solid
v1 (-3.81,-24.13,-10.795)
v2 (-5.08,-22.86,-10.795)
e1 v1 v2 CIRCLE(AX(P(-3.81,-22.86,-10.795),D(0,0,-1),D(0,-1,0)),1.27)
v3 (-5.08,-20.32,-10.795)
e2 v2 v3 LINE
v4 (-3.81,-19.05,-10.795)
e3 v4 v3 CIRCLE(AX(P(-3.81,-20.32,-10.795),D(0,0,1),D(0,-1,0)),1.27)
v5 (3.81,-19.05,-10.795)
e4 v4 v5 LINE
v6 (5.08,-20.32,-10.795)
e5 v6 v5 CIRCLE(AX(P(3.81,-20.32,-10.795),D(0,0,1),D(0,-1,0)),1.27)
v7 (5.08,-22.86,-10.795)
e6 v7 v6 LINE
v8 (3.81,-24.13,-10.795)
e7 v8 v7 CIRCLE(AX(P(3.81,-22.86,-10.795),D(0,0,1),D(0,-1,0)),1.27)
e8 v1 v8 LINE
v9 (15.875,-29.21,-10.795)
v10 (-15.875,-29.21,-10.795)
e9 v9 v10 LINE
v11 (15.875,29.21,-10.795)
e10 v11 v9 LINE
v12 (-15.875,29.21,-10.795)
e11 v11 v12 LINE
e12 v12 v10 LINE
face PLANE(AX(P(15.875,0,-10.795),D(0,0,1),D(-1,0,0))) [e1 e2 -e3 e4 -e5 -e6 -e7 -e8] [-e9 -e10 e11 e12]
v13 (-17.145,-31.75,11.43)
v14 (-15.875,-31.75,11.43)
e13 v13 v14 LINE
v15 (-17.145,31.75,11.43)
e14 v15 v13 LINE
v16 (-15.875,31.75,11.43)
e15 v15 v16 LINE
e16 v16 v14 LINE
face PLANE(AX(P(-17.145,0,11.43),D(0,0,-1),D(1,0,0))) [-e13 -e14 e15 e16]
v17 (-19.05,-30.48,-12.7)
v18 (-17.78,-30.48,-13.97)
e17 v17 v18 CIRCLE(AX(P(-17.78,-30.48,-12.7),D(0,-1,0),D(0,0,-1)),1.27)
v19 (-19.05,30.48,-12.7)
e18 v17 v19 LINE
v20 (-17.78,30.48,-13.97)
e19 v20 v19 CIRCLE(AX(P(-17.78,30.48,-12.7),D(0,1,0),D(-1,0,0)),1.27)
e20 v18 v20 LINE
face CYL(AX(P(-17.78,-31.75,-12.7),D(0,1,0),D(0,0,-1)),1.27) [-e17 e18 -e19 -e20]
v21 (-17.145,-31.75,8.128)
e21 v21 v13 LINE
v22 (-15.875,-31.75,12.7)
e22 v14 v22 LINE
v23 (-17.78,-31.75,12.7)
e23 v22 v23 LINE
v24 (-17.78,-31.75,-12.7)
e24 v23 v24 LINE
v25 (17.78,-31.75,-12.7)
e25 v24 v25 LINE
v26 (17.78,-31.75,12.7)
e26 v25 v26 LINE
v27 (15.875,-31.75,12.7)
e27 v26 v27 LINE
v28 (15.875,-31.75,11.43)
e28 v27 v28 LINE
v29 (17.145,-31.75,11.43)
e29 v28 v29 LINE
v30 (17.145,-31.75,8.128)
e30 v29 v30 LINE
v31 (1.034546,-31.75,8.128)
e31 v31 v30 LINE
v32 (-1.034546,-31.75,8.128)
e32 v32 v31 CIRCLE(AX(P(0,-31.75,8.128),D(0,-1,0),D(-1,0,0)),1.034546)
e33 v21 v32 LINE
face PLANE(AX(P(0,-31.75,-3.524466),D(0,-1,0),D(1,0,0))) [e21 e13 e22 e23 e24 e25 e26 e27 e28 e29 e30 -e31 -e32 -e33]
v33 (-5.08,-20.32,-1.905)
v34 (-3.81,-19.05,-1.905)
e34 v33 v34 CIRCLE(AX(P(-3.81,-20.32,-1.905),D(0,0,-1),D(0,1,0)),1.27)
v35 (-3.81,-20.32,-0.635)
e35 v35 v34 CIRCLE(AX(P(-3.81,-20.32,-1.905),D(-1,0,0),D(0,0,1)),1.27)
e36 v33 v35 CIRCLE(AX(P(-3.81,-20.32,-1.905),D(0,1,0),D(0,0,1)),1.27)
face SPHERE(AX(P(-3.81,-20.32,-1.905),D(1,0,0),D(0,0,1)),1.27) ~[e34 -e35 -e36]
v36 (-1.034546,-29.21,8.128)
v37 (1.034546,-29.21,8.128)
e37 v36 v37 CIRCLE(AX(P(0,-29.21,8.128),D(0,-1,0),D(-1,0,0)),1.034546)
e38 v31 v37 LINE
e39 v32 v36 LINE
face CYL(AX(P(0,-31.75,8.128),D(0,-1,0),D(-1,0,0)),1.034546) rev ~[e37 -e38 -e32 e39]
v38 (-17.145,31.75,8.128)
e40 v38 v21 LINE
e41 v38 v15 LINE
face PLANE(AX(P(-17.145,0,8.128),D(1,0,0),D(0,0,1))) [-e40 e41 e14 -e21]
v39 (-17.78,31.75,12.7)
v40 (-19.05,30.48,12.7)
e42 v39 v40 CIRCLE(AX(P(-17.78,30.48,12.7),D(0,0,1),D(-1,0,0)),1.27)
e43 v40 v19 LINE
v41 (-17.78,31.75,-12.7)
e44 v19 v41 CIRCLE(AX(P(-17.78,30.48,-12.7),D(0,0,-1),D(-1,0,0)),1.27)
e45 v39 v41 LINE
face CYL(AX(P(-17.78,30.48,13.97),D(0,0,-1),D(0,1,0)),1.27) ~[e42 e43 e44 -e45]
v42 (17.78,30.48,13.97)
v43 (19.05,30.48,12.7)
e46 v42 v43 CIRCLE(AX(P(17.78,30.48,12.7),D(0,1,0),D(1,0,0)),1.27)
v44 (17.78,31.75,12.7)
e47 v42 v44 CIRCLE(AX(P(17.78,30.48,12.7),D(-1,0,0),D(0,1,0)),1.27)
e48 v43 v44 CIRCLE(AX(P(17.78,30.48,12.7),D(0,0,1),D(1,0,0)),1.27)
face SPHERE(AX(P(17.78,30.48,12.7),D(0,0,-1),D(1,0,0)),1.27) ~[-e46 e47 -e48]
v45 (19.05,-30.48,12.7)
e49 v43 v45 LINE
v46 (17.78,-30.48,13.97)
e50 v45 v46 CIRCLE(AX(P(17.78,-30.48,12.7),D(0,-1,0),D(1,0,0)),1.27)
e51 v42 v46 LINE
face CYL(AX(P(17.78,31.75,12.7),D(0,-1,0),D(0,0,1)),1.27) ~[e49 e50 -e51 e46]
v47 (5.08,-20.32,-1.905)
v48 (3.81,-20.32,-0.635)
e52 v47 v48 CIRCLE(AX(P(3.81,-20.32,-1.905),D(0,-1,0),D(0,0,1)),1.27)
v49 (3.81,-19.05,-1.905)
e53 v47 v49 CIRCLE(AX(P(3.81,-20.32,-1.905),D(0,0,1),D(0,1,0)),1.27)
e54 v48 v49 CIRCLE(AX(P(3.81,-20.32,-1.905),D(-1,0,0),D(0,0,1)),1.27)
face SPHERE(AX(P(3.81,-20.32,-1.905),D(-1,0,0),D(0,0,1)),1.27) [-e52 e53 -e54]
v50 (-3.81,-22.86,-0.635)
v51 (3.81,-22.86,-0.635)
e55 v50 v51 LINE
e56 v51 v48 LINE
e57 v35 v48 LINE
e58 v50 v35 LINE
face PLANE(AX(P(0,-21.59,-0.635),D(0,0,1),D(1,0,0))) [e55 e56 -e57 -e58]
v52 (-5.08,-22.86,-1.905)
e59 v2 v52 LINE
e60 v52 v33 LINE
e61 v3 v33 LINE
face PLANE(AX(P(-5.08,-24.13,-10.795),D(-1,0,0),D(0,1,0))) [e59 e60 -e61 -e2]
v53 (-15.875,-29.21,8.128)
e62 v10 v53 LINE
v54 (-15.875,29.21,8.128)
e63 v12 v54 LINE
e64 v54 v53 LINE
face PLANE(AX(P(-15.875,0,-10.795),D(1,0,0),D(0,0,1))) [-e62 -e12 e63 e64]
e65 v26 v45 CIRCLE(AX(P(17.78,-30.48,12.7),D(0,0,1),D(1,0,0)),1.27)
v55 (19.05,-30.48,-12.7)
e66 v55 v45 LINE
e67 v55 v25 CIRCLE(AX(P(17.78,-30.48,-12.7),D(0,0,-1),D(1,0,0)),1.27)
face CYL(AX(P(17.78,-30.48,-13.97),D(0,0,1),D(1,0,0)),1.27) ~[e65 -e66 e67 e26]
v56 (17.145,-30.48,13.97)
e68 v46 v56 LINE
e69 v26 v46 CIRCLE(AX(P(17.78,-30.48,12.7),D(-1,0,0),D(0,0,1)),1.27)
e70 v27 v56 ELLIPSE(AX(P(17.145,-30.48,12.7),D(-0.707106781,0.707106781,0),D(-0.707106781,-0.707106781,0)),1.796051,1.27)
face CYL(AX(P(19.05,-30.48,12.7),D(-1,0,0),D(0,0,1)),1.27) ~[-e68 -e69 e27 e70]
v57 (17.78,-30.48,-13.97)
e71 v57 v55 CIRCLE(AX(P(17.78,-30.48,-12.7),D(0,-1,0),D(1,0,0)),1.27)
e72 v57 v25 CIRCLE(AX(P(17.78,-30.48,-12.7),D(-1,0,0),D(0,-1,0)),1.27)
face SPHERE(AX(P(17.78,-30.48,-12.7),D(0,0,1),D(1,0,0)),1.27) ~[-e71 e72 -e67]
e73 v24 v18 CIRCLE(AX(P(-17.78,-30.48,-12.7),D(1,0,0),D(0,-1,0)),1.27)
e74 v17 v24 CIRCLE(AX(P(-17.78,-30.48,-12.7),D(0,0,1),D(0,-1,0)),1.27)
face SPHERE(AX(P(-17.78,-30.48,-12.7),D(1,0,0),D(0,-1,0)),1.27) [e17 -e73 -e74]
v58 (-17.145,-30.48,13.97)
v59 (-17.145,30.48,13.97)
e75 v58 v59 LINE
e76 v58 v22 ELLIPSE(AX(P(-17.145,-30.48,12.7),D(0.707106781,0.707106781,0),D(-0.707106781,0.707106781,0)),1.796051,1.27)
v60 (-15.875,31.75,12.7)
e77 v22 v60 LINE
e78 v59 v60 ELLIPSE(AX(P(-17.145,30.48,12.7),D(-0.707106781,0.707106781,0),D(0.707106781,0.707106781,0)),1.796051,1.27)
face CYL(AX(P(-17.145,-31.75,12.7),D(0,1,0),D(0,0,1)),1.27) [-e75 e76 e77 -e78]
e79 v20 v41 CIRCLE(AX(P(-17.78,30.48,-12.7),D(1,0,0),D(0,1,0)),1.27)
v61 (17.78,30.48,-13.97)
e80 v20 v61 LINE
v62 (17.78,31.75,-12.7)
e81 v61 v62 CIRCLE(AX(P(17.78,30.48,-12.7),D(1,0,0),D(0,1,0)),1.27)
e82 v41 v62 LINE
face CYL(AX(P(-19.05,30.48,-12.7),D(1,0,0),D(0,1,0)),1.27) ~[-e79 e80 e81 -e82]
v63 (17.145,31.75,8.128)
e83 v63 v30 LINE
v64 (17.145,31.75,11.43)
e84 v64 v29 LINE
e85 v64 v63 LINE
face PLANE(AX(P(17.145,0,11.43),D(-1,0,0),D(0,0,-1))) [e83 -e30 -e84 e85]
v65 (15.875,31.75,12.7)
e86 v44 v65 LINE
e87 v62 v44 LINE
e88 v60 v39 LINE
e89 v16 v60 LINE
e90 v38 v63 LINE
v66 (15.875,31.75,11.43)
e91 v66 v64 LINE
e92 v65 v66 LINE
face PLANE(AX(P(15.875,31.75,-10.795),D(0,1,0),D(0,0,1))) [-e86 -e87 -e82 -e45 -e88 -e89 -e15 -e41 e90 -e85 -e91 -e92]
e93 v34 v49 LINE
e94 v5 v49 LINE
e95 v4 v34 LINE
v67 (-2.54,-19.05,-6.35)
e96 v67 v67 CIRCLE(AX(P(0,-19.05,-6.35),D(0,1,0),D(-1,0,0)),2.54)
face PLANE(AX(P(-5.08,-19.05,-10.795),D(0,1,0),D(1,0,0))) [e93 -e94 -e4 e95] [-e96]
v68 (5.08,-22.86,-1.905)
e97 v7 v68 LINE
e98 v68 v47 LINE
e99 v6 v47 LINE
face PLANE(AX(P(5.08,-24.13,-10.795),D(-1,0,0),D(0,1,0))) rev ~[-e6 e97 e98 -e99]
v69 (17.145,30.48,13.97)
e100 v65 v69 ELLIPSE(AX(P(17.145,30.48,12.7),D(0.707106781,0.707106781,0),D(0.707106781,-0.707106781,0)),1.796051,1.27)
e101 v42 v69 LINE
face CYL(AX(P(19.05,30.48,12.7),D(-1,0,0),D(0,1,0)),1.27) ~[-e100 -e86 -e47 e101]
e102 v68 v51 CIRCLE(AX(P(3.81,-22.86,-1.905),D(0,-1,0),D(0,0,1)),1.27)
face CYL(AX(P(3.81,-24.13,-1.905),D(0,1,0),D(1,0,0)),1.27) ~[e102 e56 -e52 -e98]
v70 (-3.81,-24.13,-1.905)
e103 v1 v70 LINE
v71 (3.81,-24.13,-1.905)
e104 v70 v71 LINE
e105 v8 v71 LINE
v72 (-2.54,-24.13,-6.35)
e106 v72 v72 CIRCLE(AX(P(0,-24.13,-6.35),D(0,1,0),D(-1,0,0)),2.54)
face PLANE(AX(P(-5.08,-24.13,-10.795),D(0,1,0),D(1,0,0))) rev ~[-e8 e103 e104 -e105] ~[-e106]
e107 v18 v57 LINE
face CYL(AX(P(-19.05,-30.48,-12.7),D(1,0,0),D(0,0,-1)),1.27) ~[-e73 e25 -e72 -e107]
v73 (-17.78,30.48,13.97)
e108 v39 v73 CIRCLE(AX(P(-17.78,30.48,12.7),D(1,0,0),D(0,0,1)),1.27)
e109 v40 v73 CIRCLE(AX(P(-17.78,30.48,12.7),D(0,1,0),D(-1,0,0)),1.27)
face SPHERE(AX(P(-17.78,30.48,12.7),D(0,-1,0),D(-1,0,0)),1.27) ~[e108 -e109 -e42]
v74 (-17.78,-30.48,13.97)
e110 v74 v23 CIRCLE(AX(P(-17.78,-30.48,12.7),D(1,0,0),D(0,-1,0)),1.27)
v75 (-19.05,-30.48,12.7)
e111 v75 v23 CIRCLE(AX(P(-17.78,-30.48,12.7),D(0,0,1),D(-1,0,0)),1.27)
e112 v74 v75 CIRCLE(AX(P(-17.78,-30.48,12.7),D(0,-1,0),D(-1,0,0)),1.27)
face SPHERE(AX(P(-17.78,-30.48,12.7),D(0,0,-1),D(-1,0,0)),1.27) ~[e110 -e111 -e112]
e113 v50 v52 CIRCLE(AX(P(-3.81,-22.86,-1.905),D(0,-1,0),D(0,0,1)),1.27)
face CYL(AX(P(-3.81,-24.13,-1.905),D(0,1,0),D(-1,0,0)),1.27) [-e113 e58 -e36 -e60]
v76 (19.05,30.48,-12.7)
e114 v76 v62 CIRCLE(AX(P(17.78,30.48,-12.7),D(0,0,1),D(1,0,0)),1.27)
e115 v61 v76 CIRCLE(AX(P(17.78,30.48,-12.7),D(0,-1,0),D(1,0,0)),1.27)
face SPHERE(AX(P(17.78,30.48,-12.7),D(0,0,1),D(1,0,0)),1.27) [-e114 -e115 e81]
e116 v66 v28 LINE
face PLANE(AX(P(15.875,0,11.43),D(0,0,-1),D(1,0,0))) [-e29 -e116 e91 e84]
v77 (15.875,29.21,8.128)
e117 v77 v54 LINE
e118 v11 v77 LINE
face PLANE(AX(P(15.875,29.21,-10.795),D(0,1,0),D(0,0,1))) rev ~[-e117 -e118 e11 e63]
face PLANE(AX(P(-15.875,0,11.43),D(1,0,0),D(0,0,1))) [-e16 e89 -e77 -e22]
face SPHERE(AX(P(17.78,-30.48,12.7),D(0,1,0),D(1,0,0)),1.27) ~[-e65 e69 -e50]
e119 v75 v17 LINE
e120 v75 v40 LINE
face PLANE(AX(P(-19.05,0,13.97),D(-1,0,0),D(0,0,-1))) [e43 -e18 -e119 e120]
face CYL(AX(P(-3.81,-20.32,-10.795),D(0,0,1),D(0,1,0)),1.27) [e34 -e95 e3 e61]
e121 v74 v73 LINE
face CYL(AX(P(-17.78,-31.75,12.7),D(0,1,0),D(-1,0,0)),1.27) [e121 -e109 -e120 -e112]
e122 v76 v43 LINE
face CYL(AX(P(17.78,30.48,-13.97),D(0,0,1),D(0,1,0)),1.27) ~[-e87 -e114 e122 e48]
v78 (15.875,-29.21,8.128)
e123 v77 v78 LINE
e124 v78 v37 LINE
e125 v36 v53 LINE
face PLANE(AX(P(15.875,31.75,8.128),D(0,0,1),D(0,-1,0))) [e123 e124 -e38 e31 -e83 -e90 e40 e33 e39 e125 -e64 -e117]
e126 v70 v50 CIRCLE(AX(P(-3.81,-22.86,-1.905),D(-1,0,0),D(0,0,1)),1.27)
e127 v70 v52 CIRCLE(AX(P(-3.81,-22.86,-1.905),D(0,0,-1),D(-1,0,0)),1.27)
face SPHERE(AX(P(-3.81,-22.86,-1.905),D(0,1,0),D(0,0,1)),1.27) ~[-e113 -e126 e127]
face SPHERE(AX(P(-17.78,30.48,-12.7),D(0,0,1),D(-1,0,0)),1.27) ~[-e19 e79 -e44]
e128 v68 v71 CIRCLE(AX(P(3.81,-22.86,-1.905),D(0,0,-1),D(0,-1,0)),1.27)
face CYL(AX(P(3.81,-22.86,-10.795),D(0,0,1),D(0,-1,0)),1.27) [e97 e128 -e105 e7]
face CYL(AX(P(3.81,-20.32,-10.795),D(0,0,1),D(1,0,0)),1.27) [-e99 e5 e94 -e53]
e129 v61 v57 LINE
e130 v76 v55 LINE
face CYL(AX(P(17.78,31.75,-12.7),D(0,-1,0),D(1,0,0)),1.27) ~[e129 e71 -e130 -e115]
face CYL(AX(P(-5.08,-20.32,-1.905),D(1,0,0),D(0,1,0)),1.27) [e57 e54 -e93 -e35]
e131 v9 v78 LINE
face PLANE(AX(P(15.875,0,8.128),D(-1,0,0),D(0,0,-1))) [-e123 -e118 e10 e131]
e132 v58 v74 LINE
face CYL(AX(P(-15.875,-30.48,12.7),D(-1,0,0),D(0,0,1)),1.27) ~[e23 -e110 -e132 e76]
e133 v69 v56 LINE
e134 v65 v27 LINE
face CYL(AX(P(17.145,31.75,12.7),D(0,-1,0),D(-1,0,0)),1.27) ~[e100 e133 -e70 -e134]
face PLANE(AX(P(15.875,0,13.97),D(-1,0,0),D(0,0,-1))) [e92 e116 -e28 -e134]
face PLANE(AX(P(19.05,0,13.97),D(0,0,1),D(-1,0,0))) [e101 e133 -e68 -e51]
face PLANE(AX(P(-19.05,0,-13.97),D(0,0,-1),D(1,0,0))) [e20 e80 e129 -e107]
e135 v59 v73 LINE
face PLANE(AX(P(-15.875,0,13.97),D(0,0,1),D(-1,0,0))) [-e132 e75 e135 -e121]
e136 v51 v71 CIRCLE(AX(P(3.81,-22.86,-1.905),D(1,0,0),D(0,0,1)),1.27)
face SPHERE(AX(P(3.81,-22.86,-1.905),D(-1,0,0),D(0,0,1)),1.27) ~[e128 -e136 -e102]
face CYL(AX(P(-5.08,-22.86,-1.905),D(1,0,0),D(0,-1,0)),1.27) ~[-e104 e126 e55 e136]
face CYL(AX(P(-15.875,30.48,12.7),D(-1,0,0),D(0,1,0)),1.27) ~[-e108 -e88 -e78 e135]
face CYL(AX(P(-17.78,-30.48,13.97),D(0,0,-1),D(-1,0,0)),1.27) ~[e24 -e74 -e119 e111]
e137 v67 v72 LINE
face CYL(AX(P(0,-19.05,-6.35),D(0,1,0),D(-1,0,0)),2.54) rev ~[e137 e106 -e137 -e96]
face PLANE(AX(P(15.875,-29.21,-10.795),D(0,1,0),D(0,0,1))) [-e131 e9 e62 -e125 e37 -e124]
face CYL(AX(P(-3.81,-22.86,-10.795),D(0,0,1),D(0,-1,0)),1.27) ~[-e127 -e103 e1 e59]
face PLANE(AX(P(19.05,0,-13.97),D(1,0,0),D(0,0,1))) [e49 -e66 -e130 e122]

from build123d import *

# Parameters (mm, degrees)
F1_DEPTH  = 31.75
F2_W      = 2.54
F2_H      = 18.923
F3_DEPTH  = 31.75
F5_DEPTH  = 2.54
F6_W      = 10.16
F6_H      = 5.08
F7_DEPTH  = 10.16
F8_R      = 1.27
F9_R      = 2.54
F10_DEPTH = 5.08


with BuildPart() as f1:
    # F0 (on Front) → F1 (new body, symmetric)
    with BuildSketch(Plane.XZ):
        Polygon((-19.05, -13.97), (19.05, -13.97), (19.05, 13.97), (15.875, 13.97), (15.875, 11.43), (17.145, 11.43), (17.145, 8.128), (15.875, 8.128), (15.875, -10.795), (0, -10.795), (-15.875, -10.795), (-15.875, 8.128), (-17.145, 8.128), (-17.145, 11.43), (-15.875, 11.43), (-15.875, 13.97), (-19.05, 13.97), align=None)
    extrude(amount=F1_DEPTH, both=True)

    # F2 (on face) → F3 (join, through all)
    with BuildSketch(Plane(origin=(15.875, 0, 0), x_dir=(0, -1, 0), z_dir=(-1, 0, 0))):
        with Locations((-30.48, -1.3335)):
            Rectangle(F2_W, F2_H)
        with Locations((30.48, -1.3335)):
            Rectangle(F2_W, F2_H)
    extrude(amount=F3_DEPTH)

    # F4 (on face) → F5 (cut, through all)
    with BuildSketch(Plane.XZ.offset(31.75)):
        with BuildLine():
            ThreePointArc((-1.034546, 8.128), (0, 7.093454), (1.034546, 8.128))
            Line((1.034546, 8.128), (-1.034546, 8.128))
        make_face()
    extrude(amount=-F5_DEPTH, mode=Mode.SUBTRACT)

    # F6 (on face) → F7 (join)
    with BuildSketch(Plane.XY.offset(-10.795)):
        with Locations((0, -21.59)):
            Rectangle(F6_W, F6_H)
    extrude(amount=F7_DEPTH)

    # F8
    f8_edges = [f1.edges().sort_by_distance(p)[0] for p in [
        (19.05, 31.75, 0),
        (19.05, 0, 13.97),
        (19.05, -31.75, 0),
        (19.05, 0, -13.97),
        (0, -31.75, -13.97),
        (-19.05, -31.75, 0),
        (-19.05, 0, 13.97),
        (-19.05, 31.75, 0),
        (-19.05, 0, -13.97),
        (0, 31.75, -13.97),
        (0, -19.05, -0.635),
        (-5.08, -21.59, -0.635),
        (-5.08, -19.05, -5.715),
        (0, -24.13, -0.635),
        (5.08, -21.59, -0.635),
        (5.08, -24.13, -5.715),
        (5.08, -19.05, -5.715),
        (-5.08, -24.13, -5.715),
        (-15.875, 0, 13.97),
        (15.875, 0, 13.97),
        (17.4625, -31.75, 13.97),
        (-17.4625, -31.75, 13.97),
        (-17.4625, 31.75, 13.97),
        (17.4625, 31.75, 13.97),
    ]]
    fillet(f8_edges, radius=F8_R)

    # F9 (on face) → F10 (cut, through all)
    with BuildSketch(Plane(origin=(0, -19.05, 0), x_dir=(-1, 0, 0), z_dir=(0, 1, 0))):
        with Locations((0, -6.35)):
            Circle(F9_R)
    extrude(amount=-F10_DEPTH, mode=Mode.SUBTRACT)


solid = f1.part
